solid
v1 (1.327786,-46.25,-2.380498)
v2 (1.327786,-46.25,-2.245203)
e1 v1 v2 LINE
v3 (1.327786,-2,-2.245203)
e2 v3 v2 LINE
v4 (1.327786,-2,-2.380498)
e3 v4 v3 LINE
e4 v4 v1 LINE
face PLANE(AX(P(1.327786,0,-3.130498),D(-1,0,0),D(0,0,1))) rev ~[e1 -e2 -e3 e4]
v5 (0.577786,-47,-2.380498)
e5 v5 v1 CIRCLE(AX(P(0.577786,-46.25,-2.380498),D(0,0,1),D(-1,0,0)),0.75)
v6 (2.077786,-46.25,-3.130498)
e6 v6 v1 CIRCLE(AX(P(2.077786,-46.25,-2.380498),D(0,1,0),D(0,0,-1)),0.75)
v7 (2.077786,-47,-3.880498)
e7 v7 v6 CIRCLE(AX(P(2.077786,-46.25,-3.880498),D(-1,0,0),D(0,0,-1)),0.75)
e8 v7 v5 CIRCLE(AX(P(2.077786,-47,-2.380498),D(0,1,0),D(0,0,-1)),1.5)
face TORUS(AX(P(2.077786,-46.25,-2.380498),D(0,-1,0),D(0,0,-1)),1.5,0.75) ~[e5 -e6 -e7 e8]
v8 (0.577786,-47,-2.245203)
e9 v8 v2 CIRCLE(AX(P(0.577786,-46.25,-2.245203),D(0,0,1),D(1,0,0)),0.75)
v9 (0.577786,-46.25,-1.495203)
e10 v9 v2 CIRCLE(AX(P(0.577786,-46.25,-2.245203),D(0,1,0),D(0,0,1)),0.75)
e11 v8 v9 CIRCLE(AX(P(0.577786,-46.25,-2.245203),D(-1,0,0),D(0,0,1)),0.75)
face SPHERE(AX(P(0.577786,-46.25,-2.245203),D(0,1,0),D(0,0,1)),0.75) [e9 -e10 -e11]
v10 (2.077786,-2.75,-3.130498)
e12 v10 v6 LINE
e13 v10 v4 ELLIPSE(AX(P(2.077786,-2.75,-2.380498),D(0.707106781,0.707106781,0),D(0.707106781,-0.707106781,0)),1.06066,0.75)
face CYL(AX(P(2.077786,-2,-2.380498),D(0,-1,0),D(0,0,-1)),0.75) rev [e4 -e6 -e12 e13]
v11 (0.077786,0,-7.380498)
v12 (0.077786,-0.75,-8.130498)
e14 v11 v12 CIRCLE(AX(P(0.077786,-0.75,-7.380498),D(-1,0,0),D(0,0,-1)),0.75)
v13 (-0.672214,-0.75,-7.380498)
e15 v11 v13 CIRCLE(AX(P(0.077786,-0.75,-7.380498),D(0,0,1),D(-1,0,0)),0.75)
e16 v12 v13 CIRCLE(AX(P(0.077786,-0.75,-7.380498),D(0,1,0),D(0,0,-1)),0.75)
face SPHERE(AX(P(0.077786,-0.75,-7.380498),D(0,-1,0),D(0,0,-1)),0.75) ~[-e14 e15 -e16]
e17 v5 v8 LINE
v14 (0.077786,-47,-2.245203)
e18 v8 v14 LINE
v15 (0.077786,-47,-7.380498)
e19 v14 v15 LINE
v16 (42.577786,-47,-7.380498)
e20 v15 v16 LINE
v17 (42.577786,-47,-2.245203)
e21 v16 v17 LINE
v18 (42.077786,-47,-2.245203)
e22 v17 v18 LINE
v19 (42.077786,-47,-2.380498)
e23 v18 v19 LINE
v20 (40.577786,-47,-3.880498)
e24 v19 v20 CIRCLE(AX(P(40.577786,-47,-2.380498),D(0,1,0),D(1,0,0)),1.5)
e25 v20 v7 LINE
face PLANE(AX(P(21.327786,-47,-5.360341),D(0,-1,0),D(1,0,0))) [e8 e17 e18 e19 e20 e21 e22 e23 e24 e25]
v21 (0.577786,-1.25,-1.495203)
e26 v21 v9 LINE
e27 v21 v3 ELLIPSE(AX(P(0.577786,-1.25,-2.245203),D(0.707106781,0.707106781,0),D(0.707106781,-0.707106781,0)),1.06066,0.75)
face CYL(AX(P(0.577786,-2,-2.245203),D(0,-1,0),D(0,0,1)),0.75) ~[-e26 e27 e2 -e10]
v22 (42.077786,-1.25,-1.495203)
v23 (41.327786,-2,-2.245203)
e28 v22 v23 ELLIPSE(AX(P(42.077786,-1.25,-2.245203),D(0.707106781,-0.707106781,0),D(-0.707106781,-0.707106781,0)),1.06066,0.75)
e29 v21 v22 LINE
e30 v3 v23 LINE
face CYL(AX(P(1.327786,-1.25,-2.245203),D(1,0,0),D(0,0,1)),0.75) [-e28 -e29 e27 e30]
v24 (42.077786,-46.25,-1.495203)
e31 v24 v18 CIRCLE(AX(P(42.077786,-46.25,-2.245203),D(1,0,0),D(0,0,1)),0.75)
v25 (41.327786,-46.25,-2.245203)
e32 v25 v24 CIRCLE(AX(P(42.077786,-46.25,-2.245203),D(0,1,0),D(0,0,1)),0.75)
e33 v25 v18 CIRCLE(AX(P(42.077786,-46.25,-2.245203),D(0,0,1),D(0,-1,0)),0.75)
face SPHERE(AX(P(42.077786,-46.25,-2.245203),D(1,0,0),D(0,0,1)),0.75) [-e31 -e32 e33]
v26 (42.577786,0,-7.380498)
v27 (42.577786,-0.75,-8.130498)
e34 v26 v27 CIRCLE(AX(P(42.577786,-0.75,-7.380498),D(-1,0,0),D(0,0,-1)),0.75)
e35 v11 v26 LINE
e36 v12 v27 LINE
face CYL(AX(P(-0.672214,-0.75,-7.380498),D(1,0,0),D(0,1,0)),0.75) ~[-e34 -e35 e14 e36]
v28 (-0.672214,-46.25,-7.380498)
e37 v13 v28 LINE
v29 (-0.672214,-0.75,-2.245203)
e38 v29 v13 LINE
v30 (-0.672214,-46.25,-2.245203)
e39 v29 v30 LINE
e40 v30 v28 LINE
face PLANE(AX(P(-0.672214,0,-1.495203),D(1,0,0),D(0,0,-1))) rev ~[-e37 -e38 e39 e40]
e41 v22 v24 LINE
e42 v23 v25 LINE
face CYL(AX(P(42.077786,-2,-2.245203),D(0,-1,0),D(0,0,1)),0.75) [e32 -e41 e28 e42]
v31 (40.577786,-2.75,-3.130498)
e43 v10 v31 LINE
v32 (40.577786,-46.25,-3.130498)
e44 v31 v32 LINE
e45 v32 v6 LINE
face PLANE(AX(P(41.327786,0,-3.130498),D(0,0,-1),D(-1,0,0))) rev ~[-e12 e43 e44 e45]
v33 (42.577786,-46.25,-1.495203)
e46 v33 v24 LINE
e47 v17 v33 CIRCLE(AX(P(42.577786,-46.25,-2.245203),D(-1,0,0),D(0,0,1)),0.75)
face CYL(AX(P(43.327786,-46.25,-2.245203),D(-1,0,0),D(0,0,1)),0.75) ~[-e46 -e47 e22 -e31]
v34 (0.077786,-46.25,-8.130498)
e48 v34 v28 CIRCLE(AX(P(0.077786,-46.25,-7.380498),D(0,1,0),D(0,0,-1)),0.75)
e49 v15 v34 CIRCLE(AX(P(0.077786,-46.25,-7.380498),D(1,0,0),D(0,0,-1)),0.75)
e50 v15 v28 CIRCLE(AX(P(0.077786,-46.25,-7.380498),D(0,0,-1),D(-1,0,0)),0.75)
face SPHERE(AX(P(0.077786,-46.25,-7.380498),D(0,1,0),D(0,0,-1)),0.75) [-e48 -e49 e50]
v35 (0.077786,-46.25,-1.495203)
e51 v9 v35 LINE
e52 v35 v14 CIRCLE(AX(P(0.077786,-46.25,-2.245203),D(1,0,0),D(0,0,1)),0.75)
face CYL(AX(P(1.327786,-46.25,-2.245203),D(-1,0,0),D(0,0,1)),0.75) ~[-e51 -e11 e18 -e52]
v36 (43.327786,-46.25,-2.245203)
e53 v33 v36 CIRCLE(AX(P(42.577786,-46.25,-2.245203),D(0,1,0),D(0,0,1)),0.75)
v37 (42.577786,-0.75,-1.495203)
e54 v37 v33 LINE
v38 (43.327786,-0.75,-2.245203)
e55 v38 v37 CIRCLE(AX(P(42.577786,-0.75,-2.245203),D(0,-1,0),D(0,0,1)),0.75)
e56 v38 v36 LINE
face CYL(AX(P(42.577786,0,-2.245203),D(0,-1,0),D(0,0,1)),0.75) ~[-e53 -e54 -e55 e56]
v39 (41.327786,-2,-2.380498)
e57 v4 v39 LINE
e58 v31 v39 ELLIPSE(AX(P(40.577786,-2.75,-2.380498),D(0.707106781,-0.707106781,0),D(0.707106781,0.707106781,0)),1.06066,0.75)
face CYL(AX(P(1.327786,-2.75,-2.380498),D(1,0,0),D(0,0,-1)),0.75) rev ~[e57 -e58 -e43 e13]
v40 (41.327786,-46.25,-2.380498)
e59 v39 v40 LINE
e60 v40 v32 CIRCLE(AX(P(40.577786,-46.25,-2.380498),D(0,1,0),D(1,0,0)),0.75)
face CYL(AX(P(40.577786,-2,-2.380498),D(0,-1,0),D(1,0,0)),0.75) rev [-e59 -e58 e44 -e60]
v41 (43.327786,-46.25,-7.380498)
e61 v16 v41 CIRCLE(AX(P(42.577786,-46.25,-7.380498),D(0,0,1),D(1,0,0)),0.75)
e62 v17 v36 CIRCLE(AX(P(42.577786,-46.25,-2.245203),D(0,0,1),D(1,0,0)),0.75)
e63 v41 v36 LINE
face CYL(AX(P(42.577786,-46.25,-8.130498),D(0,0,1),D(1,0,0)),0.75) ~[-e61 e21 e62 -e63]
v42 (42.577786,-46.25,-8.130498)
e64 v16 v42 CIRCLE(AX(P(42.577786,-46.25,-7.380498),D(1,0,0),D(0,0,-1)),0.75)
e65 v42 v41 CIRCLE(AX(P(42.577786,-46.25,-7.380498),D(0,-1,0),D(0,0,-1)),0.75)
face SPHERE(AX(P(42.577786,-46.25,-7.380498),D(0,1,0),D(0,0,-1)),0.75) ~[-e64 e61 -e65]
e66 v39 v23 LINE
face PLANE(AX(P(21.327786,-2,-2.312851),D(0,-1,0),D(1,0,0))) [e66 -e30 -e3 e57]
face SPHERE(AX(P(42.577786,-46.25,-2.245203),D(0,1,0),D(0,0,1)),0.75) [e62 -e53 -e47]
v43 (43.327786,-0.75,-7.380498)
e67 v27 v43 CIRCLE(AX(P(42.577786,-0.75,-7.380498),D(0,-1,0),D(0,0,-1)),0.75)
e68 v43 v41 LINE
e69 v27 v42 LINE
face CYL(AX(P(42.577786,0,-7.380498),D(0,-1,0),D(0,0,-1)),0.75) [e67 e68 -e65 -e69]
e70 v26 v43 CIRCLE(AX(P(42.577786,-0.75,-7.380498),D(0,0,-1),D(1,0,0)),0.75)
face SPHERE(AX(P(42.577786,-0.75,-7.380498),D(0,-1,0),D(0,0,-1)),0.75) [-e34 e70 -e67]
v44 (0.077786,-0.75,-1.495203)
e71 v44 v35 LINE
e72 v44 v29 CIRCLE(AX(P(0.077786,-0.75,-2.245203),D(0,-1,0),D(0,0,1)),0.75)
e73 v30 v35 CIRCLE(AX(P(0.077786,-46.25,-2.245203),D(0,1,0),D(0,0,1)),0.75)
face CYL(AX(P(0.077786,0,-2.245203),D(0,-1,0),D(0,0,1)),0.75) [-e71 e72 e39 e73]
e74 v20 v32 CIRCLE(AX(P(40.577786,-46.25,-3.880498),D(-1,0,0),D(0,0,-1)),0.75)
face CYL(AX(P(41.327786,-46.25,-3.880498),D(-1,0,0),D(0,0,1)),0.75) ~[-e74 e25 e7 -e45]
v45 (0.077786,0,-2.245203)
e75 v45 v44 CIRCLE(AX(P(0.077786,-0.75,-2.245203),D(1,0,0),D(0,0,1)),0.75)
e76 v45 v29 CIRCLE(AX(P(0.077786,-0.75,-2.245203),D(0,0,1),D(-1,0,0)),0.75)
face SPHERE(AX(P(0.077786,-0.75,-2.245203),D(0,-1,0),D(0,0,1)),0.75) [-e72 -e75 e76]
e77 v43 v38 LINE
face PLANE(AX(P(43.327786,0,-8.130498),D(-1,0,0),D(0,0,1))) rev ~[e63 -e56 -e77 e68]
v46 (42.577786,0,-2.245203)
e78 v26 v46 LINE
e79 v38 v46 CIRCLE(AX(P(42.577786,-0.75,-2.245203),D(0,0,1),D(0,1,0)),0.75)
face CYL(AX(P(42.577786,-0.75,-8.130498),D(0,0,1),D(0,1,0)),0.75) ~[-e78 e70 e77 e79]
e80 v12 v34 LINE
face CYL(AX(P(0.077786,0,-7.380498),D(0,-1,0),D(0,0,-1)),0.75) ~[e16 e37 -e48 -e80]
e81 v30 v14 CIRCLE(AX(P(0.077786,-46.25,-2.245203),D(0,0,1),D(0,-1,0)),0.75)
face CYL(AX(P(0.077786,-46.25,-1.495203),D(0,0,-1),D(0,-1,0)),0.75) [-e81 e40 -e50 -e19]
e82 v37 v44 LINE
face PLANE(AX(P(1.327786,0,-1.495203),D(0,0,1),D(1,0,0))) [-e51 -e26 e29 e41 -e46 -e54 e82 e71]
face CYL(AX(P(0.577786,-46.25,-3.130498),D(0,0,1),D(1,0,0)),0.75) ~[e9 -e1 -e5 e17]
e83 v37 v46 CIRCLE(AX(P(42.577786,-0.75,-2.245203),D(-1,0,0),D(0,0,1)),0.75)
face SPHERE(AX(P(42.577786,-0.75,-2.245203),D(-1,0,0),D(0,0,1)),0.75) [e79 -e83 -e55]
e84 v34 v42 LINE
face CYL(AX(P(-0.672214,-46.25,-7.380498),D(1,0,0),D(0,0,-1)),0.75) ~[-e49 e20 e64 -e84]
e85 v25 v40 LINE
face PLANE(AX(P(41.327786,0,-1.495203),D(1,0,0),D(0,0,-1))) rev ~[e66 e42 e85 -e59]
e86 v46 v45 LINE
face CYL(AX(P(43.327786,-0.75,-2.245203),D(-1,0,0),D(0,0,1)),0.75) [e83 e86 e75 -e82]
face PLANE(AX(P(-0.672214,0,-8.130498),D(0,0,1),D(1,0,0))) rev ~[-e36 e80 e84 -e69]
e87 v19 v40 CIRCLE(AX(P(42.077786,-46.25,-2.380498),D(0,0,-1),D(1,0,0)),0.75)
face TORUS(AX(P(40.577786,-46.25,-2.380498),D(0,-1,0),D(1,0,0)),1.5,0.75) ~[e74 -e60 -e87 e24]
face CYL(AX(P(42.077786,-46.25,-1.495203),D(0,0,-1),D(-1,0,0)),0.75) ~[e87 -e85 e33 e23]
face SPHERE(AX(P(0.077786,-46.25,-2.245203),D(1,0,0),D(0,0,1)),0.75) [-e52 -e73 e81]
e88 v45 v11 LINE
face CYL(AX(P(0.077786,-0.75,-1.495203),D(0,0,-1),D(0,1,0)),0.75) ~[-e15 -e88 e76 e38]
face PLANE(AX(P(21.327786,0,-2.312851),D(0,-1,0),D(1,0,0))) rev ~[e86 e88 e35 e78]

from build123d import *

# Parameters (mm, degrees)
F1_DEPTH = 47
F0_W     = 40
F0_H     = 1.6352946644
F2_DEPTH = 2
F3_R     = 0.75


with BuildPart() as f1:
    # F0 (on Front) → F1 (new body)
    with BuildSketch(Plane.XZ):
        Polygon((-0.6722141189, -1.4952032847), (-0.6722141189, -8.1304979491), (43.3277858811, -8.1304979491), (43.3277858811, -1.4952032847), (41.3277858811, -1.4952032847), (41.3277858811, -3.1304979491), (1.3277858811, -3.1304979491), (1.3277858811, -1.4952032847), align=None)
    extrude(amount=F1_DEPTH)

    # F0 (on Front) → F2 (join)
    with BuildSketch(Plane.XZ):
        with Locations((21.3277858811, -2.3128506169)):
            Rectangle(F0_W, F0_H)
    extrude(amount=F2_DEPTH)

    # F3
    f3_edges = [f1.edges().sort_by_distance(p)[0] for p in [
        (1.327786, -24.5, -1.495203),
        (0.327786, -47, -1.495203),
        (-0.672214, -23.5, -1.495203),
        (21.327786, 0, -1.495203),
        (43.327786, -23.5, -1.495203),
        (42.327786, -47, -1.495203),
        (41.327786, -24.5, -1.495203),
        (21.327786, -2, -1.495203),
        (21.327786, -2, -3.130498),
        (1.327786, -24.5, -3.130498),
        (21.327786, -47, -3.130498),
        (41.327786, -24.5, -3.130498),
        (-0.672214, -23.5, -8.130498),
        (43.327786, -23.5, -8.130498),
        (21.327786, 0, -8.130498),
        (21.327786, -47, -8.130498),
        (-0.672214, 0, -4.812851),
        (43.327786, 0, -4.812851),
        (-0.672214, -47, -4.812851),
        (1.327786, -47, -2.312851),
        (43.327786, -47, -4.812851),
        (41.327786, -47, -2.312851),
    ]]
    fillet(f3_edges, radius=F3_R)


solid = f1.part
